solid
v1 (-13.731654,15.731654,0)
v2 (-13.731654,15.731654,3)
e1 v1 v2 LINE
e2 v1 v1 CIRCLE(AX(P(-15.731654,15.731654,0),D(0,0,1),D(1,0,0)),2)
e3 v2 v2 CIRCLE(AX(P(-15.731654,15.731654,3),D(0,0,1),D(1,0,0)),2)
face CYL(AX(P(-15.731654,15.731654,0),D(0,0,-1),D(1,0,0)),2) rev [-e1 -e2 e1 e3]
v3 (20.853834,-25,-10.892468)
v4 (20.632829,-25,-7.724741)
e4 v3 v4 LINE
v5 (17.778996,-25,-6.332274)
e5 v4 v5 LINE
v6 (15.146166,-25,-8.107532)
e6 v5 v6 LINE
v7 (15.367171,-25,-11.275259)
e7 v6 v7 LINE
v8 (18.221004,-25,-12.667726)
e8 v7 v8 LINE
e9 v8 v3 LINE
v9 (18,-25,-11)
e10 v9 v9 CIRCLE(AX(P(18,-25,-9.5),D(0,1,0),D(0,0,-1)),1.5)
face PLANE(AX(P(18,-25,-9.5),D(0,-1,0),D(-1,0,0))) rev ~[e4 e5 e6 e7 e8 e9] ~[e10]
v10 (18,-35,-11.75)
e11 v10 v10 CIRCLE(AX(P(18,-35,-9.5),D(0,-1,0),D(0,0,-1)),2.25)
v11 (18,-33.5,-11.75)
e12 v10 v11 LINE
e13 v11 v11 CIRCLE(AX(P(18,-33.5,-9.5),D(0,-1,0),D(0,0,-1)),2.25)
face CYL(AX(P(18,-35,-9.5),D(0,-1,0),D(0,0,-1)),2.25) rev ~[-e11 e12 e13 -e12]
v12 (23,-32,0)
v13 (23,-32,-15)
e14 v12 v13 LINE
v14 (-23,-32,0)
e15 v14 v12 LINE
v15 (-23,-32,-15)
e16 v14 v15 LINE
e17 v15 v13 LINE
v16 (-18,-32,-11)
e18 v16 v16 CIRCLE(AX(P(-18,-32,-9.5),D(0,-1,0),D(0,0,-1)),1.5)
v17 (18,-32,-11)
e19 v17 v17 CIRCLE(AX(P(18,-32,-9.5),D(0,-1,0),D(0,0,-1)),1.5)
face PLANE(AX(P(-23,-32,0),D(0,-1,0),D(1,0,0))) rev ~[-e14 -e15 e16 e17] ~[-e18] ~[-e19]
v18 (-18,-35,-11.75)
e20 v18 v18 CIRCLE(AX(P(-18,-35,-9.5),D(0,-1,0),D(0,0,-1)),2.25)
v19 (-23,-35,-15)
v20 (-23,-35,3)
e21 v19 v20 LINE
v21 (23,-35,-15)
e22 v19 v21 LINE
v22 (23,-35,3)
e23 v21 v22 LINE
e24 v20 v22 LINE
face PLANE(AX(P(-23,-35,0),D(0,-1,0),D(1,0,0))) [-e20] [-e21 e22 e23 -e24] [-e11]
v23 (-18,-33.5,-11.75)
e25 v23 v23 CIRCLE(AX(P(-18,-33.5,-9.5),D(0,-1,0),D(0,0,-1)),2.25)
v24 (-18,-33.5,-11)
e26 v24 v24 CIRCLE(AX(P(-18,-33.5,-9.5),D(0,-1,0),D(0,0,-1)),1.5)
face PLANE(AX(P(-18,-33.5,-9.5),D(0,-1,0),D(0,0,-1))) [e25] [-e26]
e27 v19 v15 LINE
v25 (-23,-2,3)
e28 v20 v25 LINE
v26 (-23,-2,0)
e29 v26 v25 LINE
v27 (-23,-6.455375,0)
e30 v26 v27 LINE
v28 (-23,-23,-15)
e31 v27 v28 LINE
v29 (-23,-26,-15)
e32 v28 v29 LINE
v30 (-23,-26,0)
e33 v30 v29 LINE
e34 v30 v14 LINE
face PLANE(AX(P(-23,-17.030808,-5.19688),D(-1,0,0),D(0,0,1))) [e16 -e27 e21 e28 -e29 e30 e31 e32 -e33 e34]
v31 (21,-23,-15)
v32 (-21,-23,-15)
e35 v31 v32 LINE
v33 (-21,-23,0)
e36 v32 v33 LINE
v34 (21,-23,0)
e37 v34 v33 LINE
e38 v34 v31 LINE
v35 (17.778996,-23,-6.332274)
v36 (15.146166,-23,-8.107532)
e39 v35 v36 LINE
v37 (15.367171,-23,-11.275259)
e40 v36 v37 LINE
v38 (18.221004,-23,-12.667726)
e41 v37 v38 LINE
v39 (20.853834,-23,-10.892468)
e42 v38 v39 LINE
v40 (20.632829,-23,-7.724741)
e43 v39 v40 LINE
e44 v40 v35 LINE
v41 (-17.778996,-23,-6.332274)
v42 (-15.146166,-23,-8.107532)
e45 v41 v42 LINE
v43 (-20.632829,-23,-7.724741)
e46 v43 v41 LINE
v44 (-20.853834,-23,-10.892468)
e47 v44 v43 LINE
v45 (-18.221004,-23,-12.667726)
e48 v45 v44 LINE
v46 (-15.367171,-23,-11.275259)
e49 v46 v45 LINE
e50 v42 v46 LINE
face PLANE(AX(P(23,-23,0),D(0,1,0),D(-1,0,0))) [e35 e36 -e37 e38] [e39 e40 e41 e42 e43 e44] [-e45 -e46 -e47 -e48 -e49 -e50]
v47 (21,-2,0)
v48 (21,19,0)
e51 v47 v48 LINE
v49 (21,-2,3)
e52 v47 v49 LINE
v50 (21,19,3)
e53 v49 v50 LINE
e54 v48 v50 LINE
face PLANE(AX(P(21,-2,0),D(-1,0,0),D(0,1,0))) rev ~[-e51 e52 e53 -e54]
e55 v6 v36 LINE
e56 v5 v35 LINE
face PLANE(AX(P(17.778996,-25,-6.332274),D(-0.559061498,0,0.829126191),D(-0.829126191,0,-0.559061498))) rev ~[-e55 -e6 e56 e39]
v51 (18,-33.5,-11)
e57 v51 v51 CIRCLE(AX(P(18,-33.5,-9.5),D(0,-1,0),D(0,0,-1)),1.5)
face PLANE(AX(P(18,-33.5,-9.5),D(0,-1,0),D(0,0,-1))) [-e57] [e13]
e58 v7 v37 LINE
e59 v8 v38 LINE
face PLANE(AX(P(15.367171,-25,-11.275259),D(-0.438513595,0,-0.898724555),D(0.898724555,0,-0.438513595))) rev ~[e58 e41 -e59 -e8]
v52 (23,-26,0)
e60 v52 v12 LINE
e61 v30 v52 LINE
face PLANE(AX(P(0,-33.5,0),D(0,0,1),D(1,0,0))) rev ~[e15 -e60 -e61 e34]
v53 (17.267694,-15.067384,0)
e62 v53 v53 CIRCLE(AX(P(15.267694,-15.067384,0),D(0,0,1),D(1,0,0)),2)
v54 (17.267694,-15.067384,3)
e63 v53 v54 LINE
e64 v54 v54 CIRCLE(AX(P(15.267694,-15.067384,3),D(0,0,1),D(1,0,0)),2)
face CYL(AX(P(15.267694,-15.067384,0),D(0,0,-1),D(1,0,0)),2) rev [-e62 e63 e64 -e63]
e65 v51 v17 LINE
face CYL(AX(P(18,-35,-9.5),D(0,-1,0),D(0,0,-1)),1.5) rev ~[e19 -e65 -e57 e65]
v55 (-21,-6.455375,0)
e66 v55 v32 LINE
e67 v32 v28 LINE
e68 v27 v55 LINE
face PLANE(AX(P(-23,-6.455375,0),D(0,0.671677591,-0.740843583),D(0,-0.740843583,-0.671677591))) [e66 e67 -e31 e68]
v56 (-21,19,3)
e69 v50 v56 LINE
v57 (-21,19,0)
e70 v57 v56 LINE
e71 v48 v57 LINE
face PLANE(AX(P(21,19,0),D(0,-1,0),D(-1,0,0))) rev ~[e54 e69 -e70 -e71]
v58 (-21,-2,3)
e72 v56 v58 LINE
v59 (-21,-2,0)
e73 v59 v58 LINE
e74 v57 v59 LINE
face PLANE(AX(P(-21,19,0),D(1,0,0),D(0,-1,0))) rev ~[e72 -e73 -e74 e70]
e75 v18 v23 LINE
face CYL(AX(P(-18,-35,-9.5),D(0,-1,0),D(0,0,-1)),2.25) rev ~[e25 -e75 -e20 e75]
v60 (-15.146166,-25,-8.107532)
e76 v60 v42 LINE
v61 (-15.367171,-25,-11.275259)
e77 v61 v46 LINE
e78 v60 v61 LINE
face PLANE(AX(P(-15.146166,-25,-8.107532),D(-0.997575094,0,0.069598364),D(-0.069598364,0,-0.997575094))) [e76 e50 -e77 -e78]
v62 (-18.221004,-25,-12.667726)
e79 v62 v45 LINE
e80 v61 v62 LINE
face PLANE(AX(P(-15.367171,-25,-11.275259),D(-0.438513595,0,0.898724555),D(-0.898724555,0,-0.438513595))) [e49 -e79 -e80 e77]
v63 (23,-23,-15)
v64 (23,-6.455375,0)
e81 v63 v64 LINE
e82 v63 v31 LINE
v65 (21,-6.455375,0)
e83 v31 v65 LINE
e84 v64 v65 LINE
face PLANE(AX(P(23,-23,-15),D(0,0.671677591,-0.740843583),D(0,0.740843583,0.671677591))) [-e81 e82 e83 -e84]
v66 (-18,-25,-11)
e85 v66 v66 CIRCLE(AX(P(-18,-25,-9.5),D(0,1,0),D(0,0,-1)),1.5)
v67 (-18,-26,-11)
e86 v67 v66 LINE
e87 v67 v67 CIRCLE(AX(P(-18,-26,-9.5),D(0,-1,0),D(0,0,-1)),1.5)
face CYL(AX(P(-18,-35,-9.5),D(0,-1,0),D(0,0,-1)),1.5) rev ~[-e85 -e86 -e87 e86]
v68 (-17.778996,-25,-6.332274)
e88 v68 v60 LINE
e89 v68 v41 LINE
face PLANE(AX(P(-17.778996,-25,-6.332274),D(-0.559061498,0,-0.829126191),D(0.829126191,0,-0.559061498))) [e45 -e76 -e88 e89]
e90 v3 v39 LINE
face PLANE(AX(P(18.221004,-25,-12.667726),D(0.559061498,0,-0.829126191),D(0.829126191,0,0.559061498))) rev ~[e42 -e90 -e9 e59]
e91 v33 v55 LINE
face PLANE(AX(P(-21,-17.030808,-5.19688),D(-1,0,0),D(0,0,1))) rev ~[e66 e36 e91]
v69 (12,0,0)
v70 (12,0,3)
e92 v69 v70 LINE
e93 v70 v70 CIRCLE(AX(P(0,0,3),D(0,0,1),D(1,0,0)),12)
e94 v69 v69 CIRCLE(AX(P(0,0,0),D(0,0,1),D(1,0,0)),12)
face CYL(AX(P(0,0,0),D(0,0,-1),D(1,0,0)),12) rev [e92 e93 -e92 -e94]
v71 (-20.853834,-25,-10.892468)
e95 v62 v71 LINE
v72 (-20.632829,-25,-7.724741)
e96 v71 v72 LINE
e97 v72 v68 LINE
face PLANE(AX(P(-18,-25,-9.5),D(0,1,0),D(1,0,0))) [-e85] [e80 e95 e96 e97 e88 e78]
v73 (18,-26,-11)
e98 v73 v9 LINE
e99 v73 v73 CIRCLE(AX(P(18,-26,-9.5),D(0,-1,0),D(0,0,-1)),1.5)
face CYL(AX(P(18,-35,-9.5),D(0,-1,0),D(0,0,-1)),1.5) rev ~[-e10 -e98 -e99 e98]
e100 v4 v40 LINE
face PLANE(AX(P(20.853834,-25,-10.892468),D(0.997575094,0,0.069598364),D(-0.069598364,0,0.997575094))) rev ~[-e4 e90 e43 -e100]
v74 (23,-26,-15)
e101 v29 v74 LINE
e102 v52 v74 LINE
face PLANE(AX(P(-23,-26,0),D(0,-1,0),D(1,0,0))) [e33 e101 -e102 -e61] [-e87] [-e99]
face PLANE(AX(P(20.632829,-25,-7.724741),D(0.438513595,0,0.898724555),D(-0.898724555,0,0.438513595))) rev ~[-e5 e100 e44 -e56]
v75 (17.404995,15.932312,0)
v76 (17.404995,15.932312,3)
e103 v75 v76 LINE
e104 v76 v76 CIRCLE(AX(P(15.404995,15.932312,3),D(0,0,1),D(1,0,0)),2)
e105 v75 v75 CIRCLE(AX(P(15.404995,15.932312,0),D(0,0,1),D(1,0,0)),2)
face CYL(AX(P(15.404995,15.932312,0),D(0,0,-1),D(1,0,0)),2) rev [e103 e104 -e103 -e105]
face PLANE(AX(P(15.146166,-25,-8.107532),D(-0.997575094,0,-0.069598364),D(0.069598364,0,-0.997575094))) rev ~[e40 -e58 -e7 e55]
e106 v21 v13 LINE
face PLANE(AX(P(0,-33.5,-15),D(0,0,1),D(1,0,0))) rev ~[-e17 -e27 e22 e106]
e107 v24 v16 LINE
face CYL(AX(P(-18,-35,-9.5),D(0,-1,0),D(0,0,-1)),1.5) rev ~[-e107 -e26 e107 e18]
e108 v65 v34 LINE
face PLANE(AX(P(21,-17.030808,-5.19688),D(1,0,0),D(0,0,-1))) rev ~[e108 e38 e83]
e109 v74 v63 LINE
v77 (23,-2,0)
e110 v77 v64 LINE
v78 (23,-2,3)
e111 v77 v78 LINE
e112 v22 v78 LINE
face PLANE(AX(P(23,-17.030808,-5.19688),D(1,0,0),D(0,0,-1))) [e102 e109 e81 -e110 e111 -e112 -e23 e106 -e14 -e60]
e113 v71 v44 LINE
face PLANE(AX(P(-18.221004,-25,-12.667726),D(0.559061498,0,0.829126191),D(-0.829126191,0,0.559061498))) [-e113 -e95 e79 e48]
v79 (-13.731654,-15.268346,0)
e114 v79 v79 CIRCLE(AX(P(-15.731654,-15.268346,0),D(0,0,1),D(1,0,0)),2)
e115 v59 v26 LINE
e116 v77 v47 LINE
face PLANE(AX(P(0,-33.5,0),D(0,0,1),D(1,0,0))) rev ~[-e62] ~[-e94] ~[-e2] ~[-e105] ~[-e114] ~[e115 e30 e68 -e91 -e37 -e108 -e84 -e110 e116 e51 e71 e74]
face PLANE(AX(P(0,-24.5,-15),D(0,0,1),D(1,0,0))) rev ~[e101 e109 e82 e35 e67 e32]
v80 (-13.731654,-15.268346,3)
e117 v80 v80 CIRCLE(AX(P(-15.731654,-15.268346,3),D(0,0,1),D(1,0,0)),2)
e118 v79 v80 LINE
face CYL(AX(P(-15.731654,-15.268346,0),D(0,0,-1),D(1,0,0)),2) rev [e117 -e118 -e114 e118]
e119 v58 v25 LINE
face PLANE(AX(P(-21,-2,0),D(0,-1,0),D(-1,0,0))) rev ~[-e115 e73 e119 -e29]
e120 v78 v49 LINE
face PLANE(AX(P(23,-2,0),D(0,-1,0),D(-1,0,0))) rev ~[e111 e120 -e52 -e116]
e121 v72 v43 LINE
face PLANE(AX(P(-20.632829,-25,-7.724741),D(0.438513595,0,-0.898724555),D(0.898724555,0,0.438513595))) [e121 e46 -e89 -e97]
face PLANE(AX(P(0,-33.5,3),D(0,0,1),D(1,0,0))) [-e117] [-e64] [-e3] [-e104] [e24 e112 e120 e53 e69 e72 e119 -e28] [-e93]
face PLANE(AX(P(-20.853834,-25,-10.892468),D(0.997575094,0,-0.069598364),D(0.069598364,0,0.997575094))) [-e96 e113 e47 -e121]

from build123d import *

# Parameters (mm, degrees)
ESBO_O1_R                = 2
ESBO_O1_R_2              = 12
ESBO_O1_W                = 46
ESBO_O1_H                = 6
ESBO_O1_H_2              = 3
RESSALTO_EXTRUS_O1_DEPTH = 3
ESBO_O1_3_W              = 46
ESBO_O1_3_H              = 3
RESSALTO_EXTRUS_O2_DEPTH = 15
ESBO_O2_R                = 2.25
ESBO_O2_R_2              = 1.5
CORTE_EXTRUS_O1_DEPTH    = 1.5
ESBO_O2_4_R              = 1.5
CORTE_EXTRUS_O3_DEPTH    = 61.580524923
RESSALTO_EXTRUS_O3_DEPTH = 2
RESSALTO_EXTRUS_O4_DEPTH = 2
CORTE_EXTRUS_O4_START    = -2
ESBO_O7_R                = 1.5
CORTE_EXTRUS_O4_DEPTH    = 2


with BuildPart() as part:
    # Esboço1 → Ressalto-extrusão1 (new body)
    # profile 1 of 4: a face of its own
    with BuildSketch(Plane.XY):
        Polygon((-23, -2), (-23, -23), (23, -23), (23, -2), (21, -2), (21, 19), (-21, 19), (-21, -2), align=None)
        with Locations((-15.731654435, -15.268345565)):
            Circle(ESBO_O1_R, mode=Mode.SUBTRACT)
        with Locations((15.26769418, -15.067384206)):
            Circle(ESBO_O1_R, mode=Mode.SUBTRACT)
        with Locations((-15.731654435, 15.731654435)):
            Circle(ESBO_O1_R, mode=Mode.SUBTRACT)
        Circle(ESBO_O1_R_2, mode=Mode.SUBTRACT)
        with Locations((15.404994987, 15.932311736)):
            Circle(ESBO_O1_R, mode=Mode.SUBTRACT)
    # profile 2 of 4: a face of its own
    with BuildSketch(Plane.XY):
        Polygon((23, -23), (-23, -23), (-23, -25), (-23, -26), (23, -26), (23, -25), align=None)
    # profile 3 of 4: a face of its own
    with BuildSketch(Plane.XY):
        with Locations((0, -29)):
            Rectangle(ESBO_O1_W, ESBO_O1_H)
    # profile 4 of 4: a face of its own
    with BuildSketch(Plane.XY):
        with Locations((0, -33.5)):
            Rectangle(ESBO_O1_W, ESBO_O1_H_2)
    extrude(amount=RESSALTO_EXTRUS_O1_DEPTH)

    # Esboço1<3> → Ressalto-extrusão2 (add)
    with BuildSketch(Plane.XY):
        Polygon((23, -23), (-23, -23), (-23, -25), (-23, -26), (23, -26), (23, -25), align=None)
        with Locations((0, -33.5)):
            Rectangle(ESBO_O1_3_W, ESBO_O1_3_H)
    extrude(amount=-RESSALTO_EXTRUS_O2_DEPTH)

    # Esboço2 → Corte-extrusão1 (cut)
    # profile 1 of 2: a face of its own
    with BuildSketch(Plane.XZ.offset(35)):
        with Locations(Location((-18, -9.5, 0), (0, 0, 270))):
            Circle(ESBO_O2_R)
        with Locations(Location((-18, -9.5, 0), (0, 0, 270))):
            Circle(ESBO_O2_R_2, mode=Mode.SUBTRACT)
    # profile 2 of 2: a face of its own
    with BuildSketch(Plane.XZ.offset(35)):
        with Locations(Location((18, -9.5, 0), (0, 0, 270))):
            Circle(ESBO_O2_R)
        with Locations(Location((18, -9.5, 0), (0, 0, 270))):
            Circle(ESBO_O2_R_2, mode=Mode.SUBTRACT)
    extrude(amount=-CORTE_EXTRUS_O1_DEPTH, mode=Mode.SUBTRACT)

    # Esboço2<4> → Corte-extrusão3 (cut, through all)
    with BuildSketch(Plane.XZ.offset(35)):
        with Locations(Location((-18, -9.5, 0), (0, 0, 270))):
            Circle(ESBO_O2_4_R)
        with Locations(Location((18, -9.5, 0), (0, 0, 270))):
            Circle(ESBO_O2_4_R)
    extrude(amount=-CORTE_EXTRUS_O3_DEPTH, mode=Mode.SUBTRACT)

    # Esboço5 → Ressalto-extrusão3 (add)
    with BuildSketch(Plane(origin=(23, 0, 0), x_dir=(0, 0, -1), z_dir=(1, 0, 0))):
        Polygon((15, -23), (0, -6.455375179), (0, -23), align=None)
    extrude(amount=-RESSALTO_EXTRUS_O3_DEPTH)

    # Esboço6 → Ressalto-extrusão4 (add)
    with BuildSketch(Plane.ZY.offset(23)):
        Polygon((-15, -23), (0, -23), (0, -6.455375179), align=None)
    extrude(amount=-RESSALTO_EXTRUS_O4_DEPTH)

    # Esboço7 → Corte-extrusão4 (cut)
    # profile 1 of 2: a face of its own
    with BuildSketch(Plane(origin=(0, -23, 0), x_dir=(1, 0, 0), z_dir=(0, 1, 0)).offset(CORTE_EXTRUS_O4_START)):
        Polygon((-20.632829264, 7.724741314), (-17.778995512, 6.332273631), (-15.146166248, 8.107532317), (-15.367170736, 11.275258686), (-18.221004488, 12.667726369), (-20.853833752, 10.892467683), align=None)
        with Locations((-18, 9.5)):
            Circle(ESBO_O7_R, mode=Mode.SUBTRACT)
    # profile 2 of 2: a face of its own
    with BuildSketch(Plane(origin=(0, -23, 0), x_dir=(1, 0, 0), z_dir=(0, 1, 0)).offset(CORTE_EXTRUS_O4_START)):
        Polygon((17.778995512, 6.332273631), (15.146166248, 8.107532317), (15.367170736, 11.275258686), (18.221004488, 12.667726369), (20.853833752, 10.892467683), (20.632829264, 7.724741314), align=None)
        with Locations((18, 9.5)):
            Circle(ESBO_O7_R, mode=Mode.SUBTRACT)
    extrude(amount=CORTE_EXTRUS_O4_DEPTH, mode=Mode.SUBTRACT)


solid = part.part
